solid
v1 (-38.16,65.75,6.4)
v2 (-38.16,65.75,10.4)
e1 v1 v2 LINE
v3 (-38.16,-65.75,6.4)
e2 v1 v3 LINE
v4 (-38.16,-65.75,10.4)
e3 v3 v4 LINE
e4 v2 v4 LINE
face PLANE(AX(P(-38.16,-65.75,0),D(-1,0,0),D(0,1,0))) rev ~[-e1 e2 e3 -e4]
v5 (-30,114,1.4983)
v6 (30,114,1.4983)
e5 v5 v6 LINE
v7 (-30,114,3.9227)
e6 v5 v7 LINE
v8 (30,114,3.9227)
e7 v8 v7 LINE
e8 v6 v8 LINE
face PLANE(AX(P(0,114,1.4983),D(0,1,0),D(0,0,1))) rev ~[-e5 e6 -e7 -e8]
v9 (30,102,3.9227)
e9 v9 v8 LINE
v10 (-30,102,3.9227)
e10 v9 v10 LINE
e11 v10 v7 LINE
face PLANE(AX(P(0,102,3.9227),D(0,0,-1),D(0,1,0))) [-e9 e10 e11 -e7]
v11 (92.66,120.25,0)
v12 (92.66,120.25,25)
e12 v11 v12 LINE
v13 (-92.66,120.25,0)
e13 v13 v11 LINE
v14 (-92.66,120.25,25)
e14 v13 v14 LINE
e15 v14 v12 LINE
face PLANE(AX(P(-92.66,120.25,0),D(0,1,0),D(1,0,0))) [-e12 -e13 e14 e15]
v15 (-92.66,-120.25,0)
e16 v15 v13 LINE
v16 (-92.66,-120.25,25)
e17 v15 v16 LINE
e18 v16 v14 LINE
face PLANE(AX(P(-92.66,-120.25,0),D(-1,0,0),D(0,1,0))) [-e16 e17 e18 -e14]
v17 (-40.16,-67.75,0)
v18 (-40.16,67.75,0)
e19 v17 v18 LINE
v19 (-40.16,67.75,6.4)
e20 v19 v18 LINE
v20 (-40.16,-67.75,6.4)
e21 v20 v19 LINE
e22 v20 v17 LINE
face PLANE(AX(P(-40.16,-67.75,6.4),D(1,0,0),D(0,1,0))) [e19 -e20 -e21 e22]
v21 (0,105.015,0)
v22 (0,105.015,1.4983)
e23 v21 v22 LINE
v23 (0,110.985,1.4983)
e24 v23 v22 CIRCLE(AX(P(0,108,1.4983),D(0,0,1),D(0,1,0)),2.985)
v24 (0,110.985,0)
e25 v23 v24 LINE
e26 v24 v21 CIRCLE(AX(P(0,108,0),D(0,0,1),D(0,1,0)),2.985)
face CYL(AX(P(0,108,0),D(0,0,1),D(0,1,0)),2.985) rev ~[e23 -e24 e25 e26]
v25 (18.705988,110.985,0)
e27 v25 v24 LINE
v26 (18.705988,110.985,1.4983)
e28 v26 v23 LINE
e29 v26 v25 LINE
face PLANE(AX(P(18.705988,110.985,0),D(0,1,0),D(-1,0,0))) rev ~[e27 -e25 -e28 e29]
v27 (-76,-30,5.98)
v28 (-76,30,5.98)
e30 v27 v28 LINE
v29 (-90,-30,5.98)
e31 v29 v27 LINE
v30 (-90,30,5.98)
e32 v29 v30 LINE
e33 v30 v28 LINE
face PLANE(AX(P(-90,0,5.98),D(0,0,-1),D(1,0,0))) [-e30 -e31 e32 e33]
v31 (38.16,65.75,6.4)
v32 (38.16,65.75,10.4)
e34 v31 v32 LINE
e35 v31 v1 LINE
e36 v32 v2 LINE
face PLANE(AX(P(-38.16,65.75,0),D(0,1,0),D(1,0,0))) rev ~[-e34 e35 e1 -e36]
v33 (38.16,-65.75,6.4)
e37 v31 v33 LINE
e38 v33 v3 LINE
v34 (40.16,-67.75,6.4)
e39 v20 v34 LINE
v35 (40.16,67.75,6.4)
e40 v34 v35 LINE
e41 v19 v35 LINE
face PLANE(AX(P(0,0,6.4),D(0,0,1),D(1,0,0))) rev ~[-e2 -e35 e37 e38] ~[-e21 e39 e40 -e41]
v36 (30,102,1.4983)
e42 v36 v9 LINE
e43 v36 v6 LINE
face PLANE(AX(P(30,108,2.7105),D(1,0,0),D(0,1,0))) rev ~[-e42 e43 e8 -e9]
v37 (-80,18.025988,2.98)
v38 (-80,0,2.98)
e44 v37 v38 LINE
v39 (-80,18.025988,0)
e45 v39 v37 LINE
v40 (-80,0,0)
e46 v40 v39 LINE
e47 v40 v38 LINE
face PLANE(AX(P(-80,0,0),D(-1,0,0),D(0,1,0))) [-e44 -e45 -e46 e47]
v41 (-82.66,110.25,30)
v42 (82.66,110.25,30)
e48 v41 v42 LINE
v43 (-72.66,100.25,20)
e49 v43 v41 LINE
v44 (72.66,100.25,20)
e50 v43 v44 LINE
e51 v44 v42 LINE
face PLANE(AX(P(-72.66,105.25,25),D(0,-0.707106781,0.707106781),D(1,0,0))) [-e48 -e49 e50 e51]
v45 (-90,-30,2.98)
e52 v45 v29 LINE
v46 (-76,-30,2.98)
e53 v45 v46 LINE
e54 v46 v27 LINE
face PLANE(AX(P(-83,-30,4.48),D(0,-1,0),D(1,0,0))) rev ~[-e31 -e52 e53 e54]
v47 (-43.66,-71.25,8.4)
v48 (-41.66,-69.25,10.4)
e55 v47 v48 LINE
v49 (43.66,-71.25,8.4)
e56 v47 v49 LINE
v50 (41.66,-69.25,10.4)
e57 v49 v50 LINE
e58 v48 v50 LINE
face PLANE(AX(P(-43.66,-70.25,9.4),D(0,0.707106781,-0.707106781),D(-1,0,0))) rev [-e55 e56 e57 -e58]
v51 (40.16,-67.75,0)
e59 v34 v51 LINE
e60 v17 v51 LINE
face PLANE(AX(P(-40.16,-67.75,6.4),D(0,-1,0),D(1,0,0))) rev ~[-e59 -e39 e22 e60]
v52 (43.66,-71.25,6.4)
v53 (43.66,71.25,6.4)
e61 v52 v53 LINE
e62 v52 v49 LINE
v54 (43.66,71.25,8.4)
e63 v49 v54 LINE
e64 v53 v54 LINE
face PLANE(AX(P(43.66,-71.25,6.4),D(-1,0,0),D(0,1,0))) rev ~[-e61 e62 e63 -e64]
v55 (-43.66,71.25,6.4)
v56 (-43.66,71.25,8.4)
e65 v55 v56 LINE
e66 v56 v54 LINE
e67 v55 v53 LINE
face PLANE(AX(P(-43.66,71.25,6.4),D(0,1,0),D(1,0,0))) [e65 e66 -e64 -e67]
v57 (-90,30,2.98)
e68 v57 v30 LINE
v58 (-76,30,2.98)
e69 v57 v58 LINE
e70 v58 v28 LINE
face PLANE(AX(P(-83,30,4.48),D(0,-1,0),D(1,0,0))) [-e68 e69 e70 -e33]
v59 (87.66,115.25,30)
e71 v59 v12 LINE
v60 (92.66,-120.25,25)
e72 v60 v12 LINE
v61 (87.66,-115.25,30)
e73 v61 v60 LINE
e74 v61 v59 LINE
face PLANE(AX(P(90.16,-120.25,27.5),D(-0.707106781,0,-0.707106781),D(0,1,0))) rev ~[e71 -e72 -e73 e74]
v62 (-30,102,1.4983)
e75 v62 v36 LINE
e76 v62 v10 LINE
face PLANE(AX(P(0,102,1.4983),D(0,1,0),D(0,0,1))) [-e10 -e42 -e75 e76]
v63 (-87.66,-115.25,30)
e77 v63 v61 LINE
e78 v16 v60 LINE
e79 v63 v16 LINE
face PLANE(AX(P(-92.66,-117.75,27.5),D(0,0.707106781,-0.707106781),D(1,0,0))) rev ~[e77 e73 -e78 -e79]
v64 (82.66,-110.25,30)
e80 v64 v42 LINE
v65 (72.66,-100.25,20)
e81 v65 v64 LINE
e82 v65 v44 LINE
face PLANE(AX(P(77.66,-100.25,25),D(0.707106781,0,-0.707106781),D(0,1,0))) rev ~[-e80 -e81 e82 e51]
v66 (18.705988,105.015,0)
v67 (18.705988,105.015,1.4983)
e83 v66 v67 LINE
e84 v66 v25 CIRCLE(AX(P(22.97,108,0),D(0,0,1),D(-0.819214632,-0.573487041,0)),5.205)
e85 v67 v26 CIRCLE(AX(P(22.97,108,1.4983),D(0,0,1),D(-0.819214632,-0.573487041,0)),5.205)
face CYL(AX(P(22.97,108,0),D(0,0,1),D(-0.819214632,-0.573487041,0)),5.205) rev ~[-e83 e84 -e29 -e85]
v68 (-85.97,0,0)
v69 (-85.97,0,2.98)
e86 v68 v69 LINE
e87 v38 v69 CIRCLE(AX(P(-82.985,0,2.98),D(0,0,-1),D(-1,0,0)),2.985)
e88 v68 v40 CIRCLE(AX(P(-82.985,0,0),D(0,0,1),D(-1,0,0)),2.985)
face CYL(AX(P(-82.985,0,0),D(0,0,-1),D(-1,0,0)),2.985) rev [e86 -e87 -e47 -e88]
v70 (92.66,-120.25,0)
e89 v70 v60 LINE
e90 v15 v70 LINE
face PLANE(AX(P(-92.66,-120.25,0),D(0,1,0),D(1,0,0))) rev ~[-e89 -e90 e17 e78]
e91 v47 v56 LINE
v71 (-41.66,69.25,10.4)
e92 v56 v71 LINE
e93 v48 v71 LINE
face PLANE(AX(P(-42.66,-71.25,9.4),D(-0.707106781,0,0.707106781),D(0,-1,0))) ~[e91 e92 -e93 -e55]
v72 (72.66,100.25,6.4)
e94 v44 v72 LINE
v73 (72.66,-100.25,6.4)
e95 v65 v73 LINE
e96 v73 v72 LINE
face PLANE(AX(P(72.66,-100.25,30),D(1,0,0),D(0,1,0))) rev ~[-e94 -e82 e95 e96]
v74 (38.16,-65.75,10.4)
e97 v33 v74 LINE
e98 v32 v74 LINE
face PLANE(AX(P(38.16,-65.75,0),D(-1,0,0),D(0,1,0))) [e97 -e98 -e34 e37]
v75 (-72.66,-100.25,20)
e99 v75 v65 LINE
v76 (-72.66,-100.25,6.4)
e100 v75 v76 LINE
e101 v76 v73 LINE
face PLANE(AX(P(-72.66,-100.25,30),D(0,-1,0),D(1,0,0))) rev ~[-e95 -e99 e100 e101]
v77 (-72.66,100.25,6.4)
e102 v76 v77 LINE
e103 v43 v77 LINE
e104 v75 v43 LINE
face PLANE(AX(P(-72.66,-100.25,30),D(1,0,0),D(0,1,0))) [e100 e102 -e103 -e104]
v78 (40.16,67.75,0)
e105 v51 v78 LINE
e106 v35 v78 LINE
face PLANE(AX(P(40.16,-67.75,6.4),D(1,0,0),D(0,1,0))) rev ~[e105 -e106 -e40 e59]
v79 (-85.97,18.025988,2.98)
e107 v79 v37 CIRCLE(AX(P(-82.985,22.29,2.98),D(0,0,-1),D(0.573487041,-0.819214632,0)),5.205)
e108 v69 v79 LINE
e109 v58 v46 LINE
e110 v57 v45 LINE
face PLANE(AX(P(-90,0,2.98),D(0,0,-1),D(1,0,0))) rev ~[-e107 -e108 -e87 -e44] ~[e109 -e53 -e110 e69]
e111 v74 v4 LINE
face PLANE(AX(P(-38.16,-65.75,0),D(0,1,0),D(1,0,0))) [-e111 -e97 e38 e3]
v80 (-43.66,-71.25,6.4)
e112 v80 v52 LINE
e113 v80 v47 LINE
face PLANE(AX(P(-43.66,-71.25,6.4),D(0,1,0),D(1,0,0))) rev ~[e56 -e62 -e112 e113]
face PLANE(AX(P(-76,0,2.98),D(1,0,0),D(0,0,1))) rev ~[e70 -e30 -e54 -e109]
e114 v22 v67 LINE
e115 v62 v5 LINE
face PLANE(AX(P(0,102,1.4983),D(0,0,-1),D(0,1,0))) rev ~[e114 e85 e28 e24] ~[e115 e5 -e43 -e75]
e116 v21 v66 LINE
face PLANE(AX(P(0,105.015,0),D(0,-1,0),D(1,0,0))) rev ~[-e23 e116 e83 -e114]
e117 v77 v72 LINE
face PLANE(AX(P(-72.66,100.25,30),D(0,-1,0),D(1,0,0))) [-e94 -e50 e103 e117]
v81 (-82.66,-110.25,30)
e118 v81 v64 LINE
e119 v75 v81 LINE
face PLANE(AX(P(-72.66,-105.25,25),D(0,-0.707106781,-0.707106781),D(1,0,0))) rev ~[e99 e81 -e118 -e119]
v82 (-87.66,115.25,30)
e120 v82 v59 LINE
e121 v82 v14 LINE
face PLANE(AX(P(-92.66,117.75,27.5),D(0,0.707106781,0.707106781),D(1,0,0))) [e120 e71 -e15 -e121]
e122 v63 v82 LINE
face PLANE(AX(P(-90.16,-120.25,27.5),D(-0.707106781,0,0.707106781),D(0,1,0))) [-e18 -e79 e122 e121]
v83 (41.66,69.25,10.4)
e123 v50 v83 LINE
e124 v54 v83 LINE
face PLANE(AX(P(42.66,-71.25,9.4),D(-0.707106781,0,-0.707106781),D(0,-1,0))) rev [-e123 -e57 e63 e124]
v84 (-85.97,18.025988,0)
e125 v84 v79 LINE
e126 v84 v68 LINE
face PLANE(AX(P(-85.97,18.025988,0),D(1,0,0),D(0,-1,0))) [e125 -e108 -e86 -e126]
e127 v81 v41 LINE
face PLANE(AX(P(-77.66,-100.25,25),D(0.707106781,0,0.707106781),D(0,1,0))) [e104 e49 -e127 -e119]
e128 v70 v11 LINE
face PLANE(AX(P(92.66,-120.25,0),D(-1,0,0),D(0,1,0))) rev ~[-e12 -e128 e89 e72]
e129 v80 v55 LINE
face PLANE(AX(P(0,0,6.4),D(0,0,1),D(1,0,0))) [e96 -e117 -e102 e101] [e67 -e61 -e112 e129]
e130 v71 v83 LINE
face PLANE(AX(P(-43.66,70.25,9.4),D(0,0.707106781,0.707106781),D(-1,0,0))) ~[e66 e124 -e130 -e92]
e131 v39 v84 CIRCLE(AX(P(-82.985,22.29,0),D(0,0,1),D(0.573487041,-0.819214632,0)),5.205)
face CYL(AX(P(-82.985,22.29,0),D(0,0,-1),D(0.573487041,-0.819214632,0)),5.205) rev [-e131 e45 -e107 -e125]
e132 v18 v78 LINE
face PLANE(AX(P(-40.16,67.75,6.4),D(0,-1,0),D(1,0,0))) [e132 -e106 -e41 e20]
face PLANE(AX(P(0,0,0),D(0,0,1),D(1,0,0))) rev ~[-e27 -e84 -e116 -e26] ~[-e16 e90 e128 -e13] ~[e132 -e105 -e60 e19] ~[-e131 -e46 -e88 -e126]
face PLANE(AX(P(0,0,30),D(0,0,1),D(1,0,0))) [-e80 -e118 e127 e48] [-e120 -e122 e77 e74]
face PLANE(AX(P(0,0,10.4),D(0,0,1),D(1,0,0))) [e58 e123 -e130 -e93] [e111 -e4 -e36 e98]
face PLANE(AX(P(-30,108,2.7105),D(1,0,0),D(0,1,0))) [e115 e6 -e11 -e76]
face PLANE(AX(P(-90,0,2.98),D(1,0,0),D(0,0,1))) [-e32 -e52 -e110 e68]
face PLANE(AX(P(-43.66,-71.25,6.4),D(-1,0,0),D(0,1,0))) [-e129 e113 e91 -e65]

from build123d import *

# Parameters (mm, degrees)
SKETCH_W             = 185.32
SKETCH_H             = 240.5
PAD_DEPTH            = 30
SKETCH003_W          = 145.32
SKETCH003_H          = 200.5
POCKET_DEPTH         = 23.6
SKETCH004_W          = 80.32
SKETCH004_H          = 135.5
POCKET001_DEPTH      = 6.4
POCKET002_DEPTH      = 3
SKETCH006_W          = 14
SKETCH006_H          = 3
POCKET003_DEPTH      = 30
POCKET004_DEPTH      = 1.5
SKETCH008_W          = 12
SKETCH008_H          = 2.4244
POCKET005_DEPTH      = 30
SKETCH009_W          = 87.32
SKETCH009_H          = 142.5
PAD001_DEPTH         = 4
SKETCH010_W          = 76.32
SKETCH010_H          = 131.5
POCKET006_DEPTH      = 0.001
POCKET006_DEPTH_BACK = -30.001
CHAMFER_SIZE         = 10
CHAMFER001_SIZE      = 5
CHAMFER002_SIZE      = 2


with BuildPart() as part:
    # Sketch → Pad (new body)
    with BuildSketch(Plane.XY):
        Rectangle(SKETCH_W, SKETCH_H)
    extrude(amount=PAD_DEPTH)

    # Sketch003 → Pocket (cut)
    with BuildSketch(Plane.XY.offset(30)):
        Rectangle(SKETCH003_W, SKETCH003_H)
    extrude(amount=-POCKET_DEPTH, mode=Mode.SUBTRACT)

    # Sketch004 → Pocket001 (cut)
    with BuildSketch(Plane.XY.offset(6.4)):
        Rectangle(SKETCH004_W, SKETCH004_H)
    extrude(amount=-POCKET001_DEPTH, mode=Mode.SUBTRACT)

    # Sketch005 → Pocket002 (cut)
    with BuildSketch(Plane.XY):
        with BuildLine():
            ThreePointArc((-85.97, 0), (-82.985, -2.985), (-80, 0))
            Line((-80, 0), (-80, 18.025988))
            ThreePointArc((-80, 18.025988), (-82.985, 27.495), (-85.97, 18.025988))
            Line((-85.97, 18.025988), (-85.97, 0))
        make_face()
    extrude(amount=POCKET002_DEPTH, mode=Mode.SUBTRACT)

    # Sketch006 → Pocket003 (cut, symmetric)
    with BuildSketch(Plane.XZ):
        with Locations((-83, 4.48)):
            Rectangle(SKETCH006_W, SKETCH006_H)
    extrude(amount=POCKET003_DEPTH, both=True, mode=Mode.SUBTRACT)

    # Sketch007 → Pocket004 (cut, symmetric)
    with BuildSketch(Plane.XY):
        with BuildLine():
            ThreePointArc((0, 110.985), (-2.985, 108), (0, 105.015))
            Line((0, 105.015), (18.705988, 105.015))
            ThreePointArc((18.705988, 105.015), (28.175, 108), (18.705988, 110.985))
            Line((18.705988, 110.985), (0, 110.985))
        make_face()
    extrude(amount=POCKET004_DEPTH, both=True, mode=Mode.SUBTRACT)

    # Sketch008 → Pocket005 (cut, symmetric)
    with BuildSketch(Plane.YZ):
        with Locations((108, 2.7105)):
            Rectangle(SKETCH008_W, SKETCH008_H)
    extrude(amount=POCKET005_DEPTH, both=True, mode=Mode.SUBTRACT)

    # Sketch009 → Pad001 (join)
    with BuildSketch(Plane.XY.offset(6.4)):
        Rectangle(SKETCH009_W, SKETCH009_H)
    extrude(amount=PAD001_DEPTH)

    # Sketch010 → Pocket006 (cut, two sides)
    with BuildSketch(Plane.XY) as pocket006_sk:
        Rectangle(SKETCH010_W, SKETCH010_H)
    extrude(amount=-POCKET006_DEPTH, mode=Mode.SUBTRACT)
    extrude(pocket006_sk.sketch, amount=-POCKET006_DEPTH_BACK, mode=Mode.SUBTRACT)

    # Chamfer
    chamfer_edges = [part.edges().sort_by_distance(p)[0] for p in [
        (-72.66, 0, 30),
        (0, 100.25, 30),
        (72.66, 0, 30),
        (0, -100.25, 30),
    ]]
    chamfer(chamfer_edges, length=CHAMFER_SIZE)

    # Chamfer001
    chamfer001_edges = [part.edges().sort_by_distance(p)[0] for p in [
        (0, 120.25, 30),
        (-92.66, 0, 30),
        (0, -120.25, 30),
        (92.66, 0, 30),
    ]]
    chamfer(chamfer001_edges, length=CHAMFER001_SIZE)

    # Chamfer002
    chamfer002_edges = [part.edges().sort_by_distance(p)[0] for p in [
        (-43.66, 0, 10.4),
        (0, -71.25, 10.4),
        (43.66, 0, 10.4),
        (0, 71.25, 10.4),
    ]]
    chamfer(chamfer002_edges, length=CHAMFER002_SIZE)


solid = part.part
